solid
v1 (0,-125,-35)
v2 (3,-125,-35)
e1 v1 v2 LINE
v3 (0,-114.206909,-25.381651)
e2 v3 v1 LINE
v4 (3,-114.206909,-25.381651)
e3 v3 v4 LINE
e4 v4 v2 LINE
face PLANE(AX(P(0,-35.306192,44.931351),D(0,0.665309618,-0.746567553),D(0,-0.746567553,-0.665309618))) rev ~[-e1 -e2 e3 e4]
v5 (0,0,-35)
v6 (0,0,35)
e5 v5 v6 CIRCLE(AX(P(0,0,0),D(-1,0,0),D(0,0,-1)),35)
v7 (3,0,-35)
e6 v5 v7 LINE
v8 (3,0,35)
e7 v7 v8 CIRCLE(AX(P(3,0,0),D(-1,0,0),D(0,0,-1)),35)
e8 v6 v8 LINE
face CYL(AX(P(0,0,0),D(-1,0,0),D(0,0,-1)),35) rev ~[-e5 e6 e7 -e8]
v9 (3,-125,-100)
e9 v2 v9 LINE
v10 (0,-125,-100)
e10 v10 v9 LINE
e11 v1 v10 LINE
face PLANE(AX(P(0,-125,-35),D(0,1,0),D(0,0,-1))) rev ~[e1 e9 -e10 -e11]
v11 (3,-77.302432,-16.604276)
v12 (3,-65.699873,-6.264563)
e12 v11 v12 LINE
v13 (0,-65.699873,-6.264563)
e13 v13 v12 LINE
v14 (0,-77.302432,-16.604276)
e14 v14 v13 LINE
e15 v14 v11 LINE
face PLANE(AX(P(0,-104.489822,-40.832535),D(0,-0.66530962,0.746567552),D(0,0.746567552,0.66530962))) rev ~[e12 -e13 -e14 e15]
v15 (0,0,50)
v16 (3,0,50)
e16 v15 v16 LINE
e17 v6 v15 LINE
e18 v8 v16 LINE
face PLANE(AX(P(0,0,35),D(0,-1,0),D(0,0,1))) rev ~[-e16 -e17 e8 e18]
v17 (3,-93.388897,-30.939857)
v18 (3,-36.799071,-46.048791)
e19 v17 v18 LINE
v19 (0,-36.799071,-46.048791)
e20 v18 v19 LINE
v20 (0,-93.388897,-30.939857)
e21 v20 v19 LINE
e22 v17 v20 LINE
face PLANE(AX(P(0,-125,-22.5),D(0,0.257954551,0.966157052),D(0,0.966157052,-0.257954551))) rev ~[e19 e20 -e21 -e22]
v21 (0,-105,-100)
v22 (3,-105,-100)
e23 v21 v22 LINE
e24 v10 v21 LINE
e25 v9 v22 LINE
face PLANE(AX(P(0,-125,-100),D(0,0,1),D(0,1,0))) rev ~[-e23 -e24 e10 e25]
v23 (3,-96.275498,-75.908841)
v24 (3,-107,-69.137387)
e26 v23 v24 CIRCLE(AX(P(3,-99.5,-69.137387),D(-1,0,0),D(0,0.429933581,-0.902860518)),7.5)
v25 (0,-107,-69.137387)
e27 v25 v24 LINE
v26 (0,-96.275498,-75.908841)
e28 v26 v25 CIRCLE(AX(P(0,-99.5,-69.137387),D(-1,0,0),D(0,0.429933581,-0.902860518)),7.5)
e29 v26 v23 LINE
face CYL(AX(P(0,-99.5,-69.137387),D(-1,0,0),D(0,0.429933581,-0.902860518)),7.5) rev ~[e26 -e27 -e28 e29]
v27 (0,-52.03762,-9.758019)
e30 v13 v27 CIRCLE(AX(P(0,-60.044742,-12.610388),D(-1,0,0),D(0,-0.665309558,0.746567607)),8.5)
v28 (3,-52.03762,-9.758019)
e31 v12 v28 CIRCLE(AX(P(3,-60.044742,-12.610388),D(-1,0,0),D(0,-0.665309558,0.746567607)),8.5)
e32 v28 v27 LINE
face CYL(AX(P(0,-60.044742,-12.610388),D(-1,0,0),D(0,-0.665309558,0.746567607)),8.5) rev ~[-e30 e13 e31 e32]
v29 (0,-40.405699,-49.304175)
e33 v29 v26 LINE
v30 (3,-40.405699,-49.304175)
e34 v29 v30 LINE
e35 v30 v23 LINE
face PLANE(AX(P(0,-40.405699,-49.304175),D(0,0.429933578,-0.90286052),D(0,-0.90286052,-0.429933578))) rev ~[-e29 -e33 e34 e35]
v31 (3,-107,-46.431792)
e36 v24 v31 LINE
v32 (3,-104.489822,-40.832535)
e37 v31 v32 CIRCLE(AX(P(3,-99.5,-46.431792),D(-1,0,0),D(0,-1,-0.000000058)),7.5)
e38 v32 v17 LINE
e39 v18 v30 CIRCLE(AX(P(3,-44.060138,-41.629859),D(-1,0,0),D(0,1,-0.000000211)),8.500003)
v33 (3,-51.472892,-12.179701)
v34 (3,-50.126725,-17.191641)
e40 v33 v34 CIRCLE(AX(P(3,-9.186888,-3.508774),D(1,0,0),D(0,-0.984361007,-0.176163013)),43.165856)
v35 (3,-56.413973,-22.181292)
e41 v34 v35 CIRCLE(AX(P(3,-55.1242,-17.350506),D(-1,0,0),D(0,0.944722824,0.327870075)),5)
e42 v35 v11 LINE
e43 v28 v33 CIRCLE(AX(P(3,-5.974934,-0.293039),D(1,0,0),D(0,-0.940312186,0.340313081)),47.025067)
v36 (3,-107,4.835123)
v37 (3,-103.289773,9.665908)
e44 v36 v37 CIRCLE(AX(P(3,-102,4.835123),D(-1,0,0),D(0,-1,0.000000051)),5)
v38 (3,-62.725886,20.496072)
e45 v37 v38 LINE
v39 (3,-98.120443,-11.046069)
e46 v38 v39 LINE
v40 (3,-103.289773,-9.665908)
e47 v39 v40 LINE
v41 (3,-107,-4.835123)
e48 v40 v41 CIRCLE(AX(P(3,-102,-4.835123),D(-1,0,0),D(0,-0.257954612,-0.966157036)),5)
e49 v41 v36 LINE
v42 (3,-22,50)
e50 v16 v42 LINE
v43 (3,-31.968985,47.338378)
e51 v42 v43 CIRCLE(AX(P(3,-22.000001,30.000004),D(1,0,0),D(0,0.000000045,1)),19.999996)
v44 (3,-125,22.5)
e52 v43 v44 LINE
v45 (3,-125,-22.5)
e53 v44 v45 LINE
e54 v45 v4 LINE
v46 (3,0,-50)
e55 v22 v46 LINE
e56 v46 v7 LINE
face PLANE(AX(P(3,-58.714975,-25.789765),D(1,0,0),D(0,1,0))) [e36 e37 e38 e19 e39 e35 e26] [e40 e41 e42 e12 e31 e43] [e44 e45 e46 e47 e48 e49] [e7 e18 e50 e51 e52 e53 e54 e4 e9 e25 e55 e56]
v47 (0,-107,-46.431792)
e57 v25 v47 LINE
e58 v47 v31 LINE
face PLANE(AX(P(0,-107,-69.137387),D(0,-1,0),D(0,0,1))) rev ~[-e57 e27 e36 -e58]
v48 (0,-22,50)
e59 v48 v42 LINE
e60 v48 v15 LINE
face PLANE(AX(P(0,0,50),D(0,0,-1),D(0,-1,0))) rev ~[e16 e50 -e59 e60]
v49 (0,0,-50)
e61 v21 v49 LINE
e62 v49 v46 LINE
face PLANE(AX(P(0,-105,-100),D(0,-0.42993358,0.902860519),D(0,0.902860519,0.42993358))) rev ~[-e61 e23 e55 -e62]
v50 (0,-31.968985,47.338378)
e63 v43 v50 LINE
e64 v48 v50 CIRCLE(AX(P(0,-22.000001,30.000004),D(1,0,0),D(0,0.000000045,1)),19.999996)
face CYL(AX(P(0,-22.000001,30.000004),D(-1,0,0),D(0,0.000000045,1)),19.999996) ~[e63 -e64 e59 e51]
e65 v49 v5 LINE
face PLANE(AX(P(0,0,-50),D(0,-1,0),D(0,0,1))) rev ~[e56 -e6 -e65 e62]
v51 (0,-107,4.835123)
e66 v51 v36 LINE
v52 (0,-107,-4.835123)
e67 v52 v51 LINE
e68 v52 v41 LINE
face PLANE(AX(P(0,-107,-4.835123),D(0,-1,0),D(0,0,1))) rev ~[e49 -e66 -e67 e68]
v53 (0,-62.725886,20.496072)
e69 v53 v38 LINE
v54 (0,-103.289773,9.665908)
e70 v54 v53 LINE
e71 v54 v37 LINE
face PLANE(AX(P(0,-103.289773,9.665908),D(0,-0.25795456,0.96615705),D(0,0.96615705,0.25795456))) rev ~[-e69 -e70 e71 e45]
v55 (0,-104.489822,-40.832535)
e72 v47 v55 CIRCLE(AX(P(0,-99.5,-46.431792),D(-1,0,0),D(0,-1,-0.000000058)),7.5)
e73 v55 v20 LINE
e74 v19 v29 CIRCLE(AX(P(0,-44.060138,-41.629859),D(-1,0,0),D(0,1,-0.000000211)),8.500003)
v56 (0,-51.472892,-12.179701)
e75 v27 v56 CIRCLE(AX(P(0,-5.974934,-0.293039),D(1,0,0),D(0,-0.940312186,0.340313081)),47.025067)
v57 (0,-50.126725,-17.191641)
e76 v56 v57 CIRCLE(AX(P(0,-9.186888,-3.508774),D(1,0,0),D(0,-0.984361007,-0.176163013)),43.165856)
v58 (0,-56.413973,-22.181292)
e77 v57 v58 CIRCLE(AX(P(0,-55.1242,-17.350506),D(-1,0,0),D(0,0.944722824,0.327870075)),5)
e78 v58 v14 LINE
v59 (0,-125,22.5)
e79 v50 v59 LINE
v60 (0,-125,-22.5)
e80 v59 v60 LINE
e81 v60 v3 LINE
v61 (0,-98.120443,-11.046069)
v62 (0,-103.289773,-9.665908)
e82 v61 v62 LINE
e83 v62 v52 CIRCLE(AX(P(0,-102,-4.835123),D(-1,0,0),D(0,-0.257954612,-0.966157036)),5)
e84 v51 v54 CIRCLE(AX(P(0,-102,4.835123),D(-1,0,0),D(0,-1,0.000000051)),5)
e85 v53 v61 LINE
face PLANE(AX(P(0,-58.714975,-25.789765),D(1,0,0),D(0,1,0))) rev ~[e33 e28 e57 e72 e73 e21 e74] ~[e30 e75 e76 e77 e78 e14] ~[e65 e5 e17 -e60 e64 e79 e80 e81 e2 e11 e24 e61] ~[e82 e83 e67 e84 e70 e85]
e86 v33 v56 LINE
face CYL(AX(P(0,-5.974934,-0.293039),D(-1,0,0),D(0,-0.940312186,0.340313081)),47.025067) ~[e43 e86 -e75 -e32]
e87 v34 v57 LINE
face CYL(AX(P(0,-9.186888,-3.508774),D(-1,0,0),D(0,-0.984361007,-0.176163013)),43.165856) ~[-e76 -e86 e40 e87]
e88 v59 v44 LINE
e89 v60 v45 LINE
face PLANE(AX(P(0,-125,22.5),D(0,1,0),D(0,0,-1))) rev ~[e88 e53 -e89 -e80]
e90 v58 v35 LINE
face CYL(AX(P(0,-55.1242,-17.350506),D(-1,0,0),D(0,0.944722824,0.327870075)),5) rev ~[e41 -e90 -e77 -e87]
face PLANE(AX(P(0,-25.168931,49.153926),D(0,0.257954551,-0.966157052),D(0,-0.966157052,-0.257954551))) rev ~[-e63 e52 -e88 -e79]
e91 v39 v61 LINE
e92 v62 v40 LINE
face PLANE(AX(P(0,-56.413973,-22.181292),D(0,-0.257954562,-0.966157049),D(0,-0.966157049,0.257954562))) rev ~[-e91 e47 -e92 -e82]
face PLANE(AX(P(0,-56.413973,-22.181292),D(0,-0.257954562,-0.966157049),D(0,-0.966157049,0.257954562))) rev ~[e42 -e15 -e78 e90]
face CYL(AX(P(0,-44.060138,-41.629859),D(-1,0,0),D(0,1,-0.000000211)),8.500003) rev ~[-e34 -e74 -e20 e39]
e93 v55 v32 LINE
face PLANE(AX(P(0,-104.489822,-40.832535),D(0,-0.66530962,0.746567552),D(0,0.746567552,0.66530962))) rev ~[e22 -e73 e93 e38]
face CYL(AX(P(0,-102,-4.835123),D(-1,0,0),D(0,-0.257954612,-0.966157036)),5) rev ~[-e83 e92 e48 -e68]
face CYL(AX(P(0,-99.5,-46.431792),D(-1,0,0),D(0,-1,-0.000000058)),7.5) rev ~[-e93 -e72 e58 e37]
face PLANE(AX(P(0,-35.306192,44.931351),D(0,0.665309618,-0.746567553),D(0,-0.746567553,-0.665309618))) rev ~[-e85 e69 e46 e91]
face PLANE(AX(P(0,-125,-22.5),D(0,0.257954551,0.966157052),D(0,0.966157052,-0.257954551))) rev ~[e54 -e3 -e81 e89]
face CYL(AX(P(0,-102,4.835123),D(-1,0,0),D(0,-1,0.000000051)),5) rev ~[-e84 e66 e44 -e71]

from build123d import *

# Parameters (mm, degrees)
F1_DEPTH = 3
F3_DEPTH = 3


with BuildPart() as f1:
    # F0 (on Right) → F1 (new body)
    with BuildSketch(Plane.YZ):
        with BuildLine():
            ThreePointArc((0, -35), (-35, 0), (0, 35))
            Line((0, 35), (0, 50))
            Line((0, 50), (-22, 50))
            ThreePointArc((-22, 50), (-29.119444, 48.689931), (-35.306192, 44.931351))
            Line((-35.306192, 44.931351), (-125, -35))
            Line((-125, -35), (-125, -100))
            Line((-125, -100), (-105, -100))
            Line((-105, -100), (0, -50))
            Line((0, -50), (0, -35))
        make_face()
        with BuildLine():
            ThreePointArc((-96.275498, -75.908841), (-103.504138, -75.479065), (-107, -69.137387))
            Line((-107, -69.137387), (-107, -46.431792))
            ThreePointArc((-107, -46.431792), (-106.343744, -43.363703), (-104.489822, -40.832535))
            Line((-104.489822, -40.832535), (-65.699873, -6.264563))
            ThreePointArc((-65.699873, -6.264563), (-57.267065, -4.57705), (-51.677673, -11.113001))
            ThreePointArc((-51.677673, -11.113001), (-46.996343, -24.335108), (-38.322833, -35.358229))
            ThreePointArc((-38.322833, -35.358229), (-36.281412, -38.203278), (-35.560135, -41.629861))
            ThreePointArc((-35.560135, -41.629861), (-36.8729, -46.167883), (-40.405699, -49.304175))
            Line((-40.405699, -49.304175), (-96.275498, -75.908841))
        make_face(mode=Mode.SUBTRACT)
    extrude(amount=F1_DEPTH)

    # F2 (on Right) → F3 (join)
    with BuildSketch(Plane.YZ):
        with BuildLine():
            ThreePointArc((0, -35), (-35, 0), (0, 35))
            Line((0, 35), (0, 50))
            Line((0, 50), (-18.720067, 50))
            ThreePointArc((-18.720067, 50), (-21.972131, 49.787579), (-25.168931, 49.153926))
            Line((-25.168931, 49.153926), (-125, 22.5))
            Line((-125, 22.5), (-125, -22.5))
            Line((-125, -22.5), (-25.168931, -49.153926))
            ThreePointArc((-25.168931, -49.153926), (-21.972131, -49.787579), (-18.720067, -50))
            Line((-18.720067, -50), (0, -50))
            Line((0, -50), (0, -35))
        make_face()
        with BuildLine():
            Line((-103.289773, 9.665908), (-56.184511, 22.242556))
            ThreePointArc((-56.184511, 22.242556), (-51.209908, 20.791419), (-50.193177, 15.710206))
            ThreePointArc((-50.193177, 15.710206), (-52.998976, 0.017361), (-50.400586, -15.711156))
            ThreePointArc((-50.400586, -15.711156), (-51.461758, -20.754404), (-56.413973, -22.181292))
            Line((-56.413973, -22.181292), (-103.289773, -9.665908))
            ThreePointArc((-103.289773, -9.665908), (-105.965404, -7.880705), (-107, -4.835123))
            Line((-107, -4.835123), (-107, 4.835123))
            ThreePointArc((-107, 4.835123), (-105.965404, 7.880705), (-103.289773, 9.665908))
        make_face(mode=Mode.SUBTRACT)
    extrude(amount=F3_DEPTH)


solid = f1.part
